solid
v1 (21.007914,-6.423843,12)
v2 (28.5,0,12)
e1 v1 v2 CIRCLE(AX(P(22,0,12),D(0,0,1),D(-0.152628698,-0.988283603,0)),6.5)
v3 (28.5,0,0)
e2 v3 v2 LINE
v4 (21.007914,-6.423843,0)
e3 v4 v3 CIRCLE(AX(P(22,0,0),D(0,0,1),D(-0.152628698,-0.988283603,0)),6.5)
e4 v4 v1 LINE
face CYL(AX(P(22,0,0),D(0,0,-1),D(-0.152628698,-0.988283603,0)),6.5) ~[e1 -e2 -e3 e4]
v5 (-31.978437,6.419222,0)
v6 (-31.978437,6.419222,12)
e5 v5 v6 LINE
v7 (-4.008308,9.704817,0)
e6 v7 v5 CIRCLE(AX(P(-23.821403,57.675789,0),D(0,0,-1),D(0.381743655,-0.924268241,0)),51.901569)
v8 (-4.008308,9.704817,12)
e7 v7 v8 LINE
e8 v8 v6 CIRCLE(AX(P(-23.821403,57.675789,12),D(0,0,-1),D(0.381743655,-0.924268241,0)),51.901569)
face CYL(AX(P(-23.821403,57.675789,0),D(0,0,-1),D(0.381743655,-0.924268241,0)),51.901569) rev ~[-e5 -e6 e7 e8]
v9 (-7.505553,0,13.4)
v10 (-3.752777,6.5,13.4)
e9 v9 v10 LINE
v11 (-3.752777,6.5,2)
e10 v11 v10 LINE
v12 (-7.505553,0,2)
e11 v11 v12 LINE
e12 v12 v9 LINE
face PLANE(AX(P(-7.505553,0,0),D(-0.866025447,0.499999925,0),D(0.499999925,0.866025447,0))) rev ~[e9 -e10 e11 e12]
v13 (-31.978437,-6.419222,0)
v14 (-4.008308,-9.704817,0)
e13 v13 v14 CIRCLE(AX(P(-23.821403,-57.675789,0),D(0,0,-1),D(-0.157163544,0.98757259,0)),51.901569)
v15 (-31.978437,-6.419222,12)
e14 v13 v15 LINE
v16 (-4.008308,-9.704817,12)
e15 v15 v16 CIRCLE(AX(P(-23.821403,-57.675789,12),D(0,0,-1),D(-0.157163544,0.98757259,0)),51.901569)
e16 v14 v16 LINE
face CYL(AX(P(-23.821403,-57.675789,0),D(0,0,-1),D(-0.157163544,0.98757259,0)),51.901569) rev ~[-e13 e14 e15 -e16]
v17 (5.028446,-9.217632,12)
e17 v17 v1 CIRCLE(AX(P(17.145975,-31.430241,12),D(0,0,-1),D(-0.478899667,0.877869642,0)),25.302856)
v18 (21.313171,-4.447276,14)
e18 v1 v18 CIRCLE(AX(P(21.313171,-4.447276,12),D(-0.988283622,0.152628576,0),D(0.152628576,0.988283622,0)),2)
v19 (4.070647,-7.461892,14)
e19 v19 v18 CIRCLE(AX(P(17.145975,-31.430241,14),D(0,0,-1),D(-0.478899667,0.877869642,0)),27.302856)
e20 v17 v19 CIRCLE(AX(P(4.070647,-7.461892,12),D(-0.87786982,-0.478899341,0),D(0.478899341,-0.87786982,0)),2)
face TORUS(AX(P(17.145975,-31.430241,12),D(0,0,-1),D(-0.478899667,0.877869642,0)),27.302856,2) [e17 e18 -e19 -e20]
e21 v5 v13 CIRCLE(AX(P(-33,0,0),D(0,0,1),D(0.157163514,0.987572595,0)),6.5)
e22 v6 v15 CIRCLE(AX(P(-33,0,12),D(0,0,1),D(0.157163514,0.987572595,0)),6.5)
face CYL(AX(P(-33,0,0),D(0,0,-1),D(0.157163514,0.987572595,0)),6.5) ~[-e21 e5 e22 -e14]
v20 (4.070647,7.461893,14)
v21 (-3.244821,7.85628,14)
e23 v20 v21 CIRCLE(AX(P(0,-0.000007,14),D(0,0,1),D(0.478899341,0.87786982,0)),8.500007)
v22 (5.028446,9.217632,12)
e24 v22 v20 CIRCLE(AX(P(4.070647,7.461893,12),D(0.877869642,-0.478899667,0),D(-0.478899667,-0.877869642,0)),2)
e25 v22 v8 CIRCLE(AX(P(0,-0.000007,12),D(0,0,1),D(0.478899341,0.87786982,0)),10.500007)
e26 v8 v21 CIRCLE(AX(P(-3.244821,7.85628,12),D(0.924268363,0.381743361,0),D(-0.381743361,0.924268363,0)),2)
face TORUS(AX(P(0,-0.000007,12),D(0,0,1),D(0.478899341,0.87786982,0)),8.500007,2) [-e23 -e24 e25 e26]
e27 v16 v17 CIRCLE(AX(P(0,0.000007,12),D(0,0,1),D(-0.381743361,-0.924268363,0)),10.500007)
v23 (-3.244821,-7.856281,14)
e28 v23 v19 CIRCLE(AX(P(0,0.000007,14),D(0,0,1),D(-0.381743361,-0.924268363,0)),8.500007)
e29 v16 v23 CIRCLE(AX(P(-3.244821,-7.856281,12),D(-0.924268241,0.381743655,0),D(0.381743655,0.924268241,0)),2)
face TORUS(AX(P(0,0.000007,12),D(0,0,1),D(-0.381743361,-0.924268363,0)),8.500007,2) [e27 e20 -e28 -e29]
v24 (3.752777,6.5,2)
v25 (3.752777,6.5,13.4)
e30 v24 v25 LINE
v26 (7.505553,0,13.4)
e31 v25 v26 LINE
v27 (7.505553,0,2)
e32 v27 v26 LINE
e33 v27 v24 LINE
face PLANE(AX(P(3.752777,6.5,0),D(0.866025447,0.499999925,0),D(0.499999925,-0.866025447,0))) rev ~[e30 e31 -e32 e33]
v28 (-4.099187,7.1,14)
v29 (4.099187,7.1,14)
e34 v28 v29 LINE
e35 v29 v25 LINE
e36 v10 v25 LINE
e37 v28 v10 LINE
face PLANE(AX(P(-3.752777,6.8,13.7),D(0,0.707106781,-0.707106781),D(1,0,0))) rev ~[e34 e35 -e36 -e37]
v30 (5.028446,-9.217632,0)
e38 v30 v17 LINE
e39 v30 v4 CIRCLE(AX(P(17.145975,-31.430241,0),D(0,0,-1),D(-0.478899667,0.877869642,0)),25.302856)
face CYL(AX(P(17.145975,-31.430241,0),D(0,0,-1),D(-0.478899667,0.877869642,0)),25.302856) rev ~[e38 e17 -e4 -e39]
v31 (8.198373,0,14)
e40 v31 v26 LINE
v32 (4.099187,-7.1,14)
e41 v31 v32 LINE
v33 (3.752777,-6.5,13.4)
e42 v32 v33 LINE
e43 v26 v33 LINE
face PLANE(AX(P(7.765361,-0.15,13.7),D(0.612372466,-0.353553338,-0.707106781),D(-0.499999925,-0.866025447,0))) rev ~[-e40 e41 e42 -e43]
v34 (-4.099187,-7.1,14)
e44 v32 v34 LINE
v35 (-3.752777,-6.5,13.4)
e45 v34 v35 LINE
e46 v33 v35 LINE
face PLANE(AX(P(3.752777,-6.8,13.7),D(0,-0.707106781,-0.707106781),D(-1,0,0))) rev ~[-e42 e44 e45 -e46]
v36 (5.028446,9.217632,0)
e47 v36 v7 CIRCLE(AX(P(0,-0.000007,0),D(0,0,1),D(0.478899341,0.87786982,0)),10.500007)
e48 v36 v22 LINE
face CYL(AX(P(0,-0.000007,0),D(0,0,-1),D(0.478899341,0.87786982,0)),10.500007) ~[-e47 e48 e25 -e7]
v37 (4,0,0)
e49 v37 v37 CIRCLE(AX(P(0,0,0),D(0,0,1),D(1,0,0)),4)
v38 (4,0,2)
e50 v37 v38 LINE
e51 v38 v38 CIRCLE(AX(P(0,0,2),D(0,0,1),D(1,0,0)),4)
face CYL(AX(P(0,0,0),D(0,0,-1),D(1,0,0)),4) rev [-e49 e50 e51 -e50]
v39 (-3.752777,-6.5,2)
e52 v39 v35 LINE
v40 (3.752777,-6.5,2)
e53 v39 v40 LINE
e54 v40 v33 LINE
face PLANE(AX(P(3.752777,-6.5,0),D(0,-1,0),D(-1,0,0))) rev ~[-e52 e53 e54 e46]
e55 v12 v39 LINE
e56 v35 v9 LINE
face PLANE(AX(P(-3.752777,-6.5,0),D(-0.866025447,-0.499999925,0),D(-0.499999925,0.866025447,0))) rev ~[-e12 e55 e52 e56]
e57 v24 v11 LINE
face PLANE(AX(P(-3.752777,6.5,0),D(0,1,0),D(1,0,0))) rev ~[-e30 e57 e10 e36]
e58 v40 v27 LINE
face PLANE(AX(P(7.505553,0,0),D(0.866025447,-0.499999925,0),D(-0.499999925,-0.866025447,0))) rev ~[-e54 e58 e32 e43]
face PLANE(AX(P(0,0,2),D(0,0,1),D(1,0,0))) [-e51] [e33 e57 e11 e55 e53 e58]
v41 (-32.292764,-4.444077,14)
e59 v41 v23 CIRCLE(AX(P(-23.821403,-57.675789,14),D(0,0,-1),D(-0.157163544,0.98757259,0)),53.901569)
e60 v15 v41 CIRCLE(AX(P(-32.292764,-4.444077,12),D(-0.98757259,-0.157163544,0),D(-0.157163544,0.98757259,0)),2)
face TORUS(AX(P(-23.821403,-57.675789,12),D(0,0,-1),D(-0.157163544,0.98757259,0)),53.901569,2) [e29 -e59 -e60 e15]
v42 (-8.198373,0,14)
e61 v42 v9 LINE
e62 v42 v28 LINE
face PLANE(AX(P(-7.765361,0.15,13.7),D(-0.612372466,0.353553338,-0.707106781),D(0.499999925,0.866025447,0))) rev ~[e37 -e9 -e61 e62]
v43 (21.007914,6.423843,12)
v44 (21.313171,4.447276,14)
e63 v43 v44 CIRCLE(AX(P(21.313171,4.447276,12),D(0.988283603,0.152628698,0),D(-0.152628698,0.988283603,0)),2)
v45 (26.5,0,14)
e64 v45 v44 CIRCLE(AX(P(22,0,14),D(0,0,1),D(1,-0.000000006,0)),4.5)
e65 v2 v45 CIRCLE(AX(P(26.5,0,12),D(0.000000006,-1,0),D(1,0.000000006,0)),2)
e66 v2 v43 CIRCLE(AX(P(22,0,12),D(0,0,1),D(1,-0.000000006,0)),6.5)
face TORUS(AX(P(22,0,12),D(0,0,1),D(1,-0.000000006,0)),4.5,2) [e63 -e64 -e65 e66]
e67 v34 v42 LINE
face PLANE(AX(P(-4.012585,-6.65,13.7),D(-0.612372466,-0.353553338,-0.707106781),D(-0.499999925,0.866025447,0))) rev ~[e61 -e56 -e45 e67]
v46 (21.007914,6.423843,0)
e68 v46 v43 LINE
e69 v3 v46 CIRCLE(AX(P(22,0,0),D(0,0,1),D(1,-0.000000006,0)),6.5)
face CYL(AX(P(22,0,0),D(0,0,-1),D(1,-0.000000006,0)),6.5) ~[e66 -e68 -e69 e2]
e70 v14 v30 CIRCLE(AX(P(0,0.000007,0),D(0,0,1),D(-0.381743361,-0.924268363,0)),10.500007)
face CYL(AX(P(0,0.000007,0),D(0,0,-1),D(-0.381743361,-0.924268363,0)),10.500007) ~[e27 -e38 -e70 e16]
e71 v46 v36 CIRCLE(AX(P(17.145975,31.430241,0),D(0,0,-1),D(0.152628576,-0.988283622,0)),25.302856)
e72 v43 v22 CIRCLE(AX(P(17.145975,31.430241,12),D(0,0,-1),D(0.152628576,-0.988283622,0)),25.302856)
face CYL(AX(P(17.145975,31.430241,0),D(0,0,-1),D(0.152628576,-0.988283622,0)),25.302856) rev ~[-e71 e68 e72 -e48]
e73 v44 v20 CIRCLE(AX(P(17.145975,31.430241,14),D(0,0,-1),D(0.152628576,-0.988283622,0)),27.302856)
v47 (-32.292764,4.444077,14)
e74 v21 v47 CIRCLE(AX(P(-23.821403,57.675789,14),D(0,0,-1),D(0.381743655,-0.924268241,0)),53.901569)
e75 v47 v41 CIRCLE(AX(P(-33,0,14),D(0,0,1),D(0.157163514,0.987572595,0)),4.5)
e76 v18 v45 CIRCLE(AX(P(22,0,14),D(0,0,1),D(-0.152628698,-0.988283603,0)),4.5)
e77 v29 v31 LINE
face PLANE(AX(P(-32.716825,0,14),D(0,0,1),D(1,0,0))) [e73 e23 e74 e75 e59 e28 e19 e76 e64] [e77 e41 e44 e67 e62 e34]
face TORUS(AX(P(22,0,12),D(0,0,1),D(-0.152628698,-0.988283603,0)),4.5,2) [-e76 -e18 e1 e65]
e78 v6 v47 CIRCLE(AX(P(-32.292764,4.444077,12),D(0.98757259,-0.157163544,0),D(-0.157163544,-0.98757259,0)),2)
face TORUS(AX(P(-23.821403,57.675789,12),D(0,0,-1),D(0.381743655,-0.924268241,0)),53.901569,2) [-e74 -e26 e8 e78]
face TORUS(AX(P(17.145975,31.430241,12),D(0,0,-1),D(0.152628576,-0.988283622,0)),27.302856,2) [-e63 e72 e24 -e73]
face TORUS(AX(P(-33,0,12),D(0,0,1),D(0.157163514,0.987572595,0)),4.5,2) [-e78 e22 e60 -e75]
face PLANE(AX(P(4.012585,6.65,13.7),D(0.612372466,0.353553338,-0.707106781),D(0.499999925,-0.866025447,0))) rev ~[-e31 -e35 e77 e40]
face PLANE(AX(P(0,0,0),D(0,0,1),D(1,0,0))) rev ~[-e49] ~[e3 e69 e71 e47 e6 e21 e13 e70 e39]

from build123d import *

# Parameters (mm, degrees)
F1_DEPTH = 14
F0_R     = 4
F2_DEPTH = 2
F3_R     = 2
F4_SIZE  = 0.6


with BuildPart() as f1:
    # F0 (on Top) → F1 (new body)
    with BuildSketch(Plane.XY):
        with BuildLine():
            ThreePointArc((-31.978437, -6.419222), (-28.055803, -4.219588), (-26.5, 0))
            ThreePointArc((-26.5, 0), (-28.055803, 4.219588), (-31.978437, 6.419222))
            ThreePointArc((-31.978437, 6.419222), (-39.5, 0), (-31.978437, -6.419222))
        make_face()
        with BuildLine():
            ThreePointArc((-31.978437, 6.419222), (-28.055803, 4.219588), (-26.5, 0))
            ThreePointArc((-26.5, 0), (-28.055803, -4.219588), (-31.978437, -6.419222))
            ThreePointArc((-31.978437, -6.419222), (-17.766263, -6.128644), (-4.008308, -9.704817))
            ThreePointArc((-4.008308, -9.704817), (-10.5, 0), (-4.008308, 9.704817))
            ThreePointArc((-4.008308, 9.704817), (-17.766263, 6.128644), (-31.978437, 6.419222))
        make_face()
        with BuildLine():
            ThreePointArc((5.028446, 9.217632), (0.56525, 10.484774), (-4.008308, 9.704817))
            ThreePointArc((-4.008308, 9.704817), (-10.5, 0), (-4.008308, -9.704817))
            ThreePointArc((-4.008308, -9.704817), (0.56525, -10.484774), (5.028446, -9.217632))
            ThreePointArc((5.028446, -9.217632), (9.029083, -5.359632), (10.5, 0))
            ThreePointArc((10.5, 0), (9.029083, 5.359632), (5.028446, 9.217632))
        make_face()
        Polygon((3.752777, 6.5), (7.505553, 0), (3.752777, -6.5), (-3.752777, -6.5), (-7.505553, 0), (-3.752777, 6.5), align=None, mode=Mode.SUBTRACT)
        with BuildLine():
            ThreePointArc((21.007914, 6.423843), (12.788223, 6.505464), (5.028446, 9.217632))
            ThreePointArc((5.028446, 9.217632), (9.029083, 5.359632), (10.5, 0))
            ThreePointArc((10.5, 0), (9.029083, -5.359632), (5.028446, -9.217632))
            ThreePointArc((5.028446, -9.217632), (12.788223, -6.505464), (21.007914, -6.423843))
            ThreePointArc((21.007914, -6.423843), (15.5, 0), (21.007914, 6.423843))
        make_face()
        with BuildLine():
            ThreePointArc((28.5, 0), (26.230924, 4.934499), (21.007914, 6.423843))
            ThreePointArc((21.007914, 6.423843), (15.5, 0), (21.007914, -6.423843))
            ThreePointArc((21.007914, -6.423843), (26.230924, -4.934499), (28.5, 0))
        make_face()
    extrude(amount=F1_DEPTH)

    # F0 (on Top) → F2 (join)
    with BuildSketch(Plane.XY):
        Polygon((3.752777, -6.5), (7.505553, 0), (3.752777, 6.5), (-3.752777, 6.5), (-7.505553, 0), (-3.752777, -6.5), align=None)
        Circle(F0_R, mode=Mode.SUBTRACT)
    extrude(amount=F2_DEPTH)

    # F3
    f3_edges = [f1.edges().sort_by_distance(p)[0] for p in [
        (-17.766263, -6.128644, 14),
    ]]
    fillet(f3_edges, radius=F3_R)

    # F4
    f4_edges = [f1.edges().sort_by_distance(p)[0] for p in [
        (-5.629165, 3.25, 14),
        (0, 6.5, 14),
        (5.629165, 3.25, 14),
        (5.629165, -3.25, 14),
        (0, -6.5, 14),
        (-5.629165, -3.25, 14),
    ]]
    chamfer(f4_edges, length=F4_SIZE)


solid = f1.part
